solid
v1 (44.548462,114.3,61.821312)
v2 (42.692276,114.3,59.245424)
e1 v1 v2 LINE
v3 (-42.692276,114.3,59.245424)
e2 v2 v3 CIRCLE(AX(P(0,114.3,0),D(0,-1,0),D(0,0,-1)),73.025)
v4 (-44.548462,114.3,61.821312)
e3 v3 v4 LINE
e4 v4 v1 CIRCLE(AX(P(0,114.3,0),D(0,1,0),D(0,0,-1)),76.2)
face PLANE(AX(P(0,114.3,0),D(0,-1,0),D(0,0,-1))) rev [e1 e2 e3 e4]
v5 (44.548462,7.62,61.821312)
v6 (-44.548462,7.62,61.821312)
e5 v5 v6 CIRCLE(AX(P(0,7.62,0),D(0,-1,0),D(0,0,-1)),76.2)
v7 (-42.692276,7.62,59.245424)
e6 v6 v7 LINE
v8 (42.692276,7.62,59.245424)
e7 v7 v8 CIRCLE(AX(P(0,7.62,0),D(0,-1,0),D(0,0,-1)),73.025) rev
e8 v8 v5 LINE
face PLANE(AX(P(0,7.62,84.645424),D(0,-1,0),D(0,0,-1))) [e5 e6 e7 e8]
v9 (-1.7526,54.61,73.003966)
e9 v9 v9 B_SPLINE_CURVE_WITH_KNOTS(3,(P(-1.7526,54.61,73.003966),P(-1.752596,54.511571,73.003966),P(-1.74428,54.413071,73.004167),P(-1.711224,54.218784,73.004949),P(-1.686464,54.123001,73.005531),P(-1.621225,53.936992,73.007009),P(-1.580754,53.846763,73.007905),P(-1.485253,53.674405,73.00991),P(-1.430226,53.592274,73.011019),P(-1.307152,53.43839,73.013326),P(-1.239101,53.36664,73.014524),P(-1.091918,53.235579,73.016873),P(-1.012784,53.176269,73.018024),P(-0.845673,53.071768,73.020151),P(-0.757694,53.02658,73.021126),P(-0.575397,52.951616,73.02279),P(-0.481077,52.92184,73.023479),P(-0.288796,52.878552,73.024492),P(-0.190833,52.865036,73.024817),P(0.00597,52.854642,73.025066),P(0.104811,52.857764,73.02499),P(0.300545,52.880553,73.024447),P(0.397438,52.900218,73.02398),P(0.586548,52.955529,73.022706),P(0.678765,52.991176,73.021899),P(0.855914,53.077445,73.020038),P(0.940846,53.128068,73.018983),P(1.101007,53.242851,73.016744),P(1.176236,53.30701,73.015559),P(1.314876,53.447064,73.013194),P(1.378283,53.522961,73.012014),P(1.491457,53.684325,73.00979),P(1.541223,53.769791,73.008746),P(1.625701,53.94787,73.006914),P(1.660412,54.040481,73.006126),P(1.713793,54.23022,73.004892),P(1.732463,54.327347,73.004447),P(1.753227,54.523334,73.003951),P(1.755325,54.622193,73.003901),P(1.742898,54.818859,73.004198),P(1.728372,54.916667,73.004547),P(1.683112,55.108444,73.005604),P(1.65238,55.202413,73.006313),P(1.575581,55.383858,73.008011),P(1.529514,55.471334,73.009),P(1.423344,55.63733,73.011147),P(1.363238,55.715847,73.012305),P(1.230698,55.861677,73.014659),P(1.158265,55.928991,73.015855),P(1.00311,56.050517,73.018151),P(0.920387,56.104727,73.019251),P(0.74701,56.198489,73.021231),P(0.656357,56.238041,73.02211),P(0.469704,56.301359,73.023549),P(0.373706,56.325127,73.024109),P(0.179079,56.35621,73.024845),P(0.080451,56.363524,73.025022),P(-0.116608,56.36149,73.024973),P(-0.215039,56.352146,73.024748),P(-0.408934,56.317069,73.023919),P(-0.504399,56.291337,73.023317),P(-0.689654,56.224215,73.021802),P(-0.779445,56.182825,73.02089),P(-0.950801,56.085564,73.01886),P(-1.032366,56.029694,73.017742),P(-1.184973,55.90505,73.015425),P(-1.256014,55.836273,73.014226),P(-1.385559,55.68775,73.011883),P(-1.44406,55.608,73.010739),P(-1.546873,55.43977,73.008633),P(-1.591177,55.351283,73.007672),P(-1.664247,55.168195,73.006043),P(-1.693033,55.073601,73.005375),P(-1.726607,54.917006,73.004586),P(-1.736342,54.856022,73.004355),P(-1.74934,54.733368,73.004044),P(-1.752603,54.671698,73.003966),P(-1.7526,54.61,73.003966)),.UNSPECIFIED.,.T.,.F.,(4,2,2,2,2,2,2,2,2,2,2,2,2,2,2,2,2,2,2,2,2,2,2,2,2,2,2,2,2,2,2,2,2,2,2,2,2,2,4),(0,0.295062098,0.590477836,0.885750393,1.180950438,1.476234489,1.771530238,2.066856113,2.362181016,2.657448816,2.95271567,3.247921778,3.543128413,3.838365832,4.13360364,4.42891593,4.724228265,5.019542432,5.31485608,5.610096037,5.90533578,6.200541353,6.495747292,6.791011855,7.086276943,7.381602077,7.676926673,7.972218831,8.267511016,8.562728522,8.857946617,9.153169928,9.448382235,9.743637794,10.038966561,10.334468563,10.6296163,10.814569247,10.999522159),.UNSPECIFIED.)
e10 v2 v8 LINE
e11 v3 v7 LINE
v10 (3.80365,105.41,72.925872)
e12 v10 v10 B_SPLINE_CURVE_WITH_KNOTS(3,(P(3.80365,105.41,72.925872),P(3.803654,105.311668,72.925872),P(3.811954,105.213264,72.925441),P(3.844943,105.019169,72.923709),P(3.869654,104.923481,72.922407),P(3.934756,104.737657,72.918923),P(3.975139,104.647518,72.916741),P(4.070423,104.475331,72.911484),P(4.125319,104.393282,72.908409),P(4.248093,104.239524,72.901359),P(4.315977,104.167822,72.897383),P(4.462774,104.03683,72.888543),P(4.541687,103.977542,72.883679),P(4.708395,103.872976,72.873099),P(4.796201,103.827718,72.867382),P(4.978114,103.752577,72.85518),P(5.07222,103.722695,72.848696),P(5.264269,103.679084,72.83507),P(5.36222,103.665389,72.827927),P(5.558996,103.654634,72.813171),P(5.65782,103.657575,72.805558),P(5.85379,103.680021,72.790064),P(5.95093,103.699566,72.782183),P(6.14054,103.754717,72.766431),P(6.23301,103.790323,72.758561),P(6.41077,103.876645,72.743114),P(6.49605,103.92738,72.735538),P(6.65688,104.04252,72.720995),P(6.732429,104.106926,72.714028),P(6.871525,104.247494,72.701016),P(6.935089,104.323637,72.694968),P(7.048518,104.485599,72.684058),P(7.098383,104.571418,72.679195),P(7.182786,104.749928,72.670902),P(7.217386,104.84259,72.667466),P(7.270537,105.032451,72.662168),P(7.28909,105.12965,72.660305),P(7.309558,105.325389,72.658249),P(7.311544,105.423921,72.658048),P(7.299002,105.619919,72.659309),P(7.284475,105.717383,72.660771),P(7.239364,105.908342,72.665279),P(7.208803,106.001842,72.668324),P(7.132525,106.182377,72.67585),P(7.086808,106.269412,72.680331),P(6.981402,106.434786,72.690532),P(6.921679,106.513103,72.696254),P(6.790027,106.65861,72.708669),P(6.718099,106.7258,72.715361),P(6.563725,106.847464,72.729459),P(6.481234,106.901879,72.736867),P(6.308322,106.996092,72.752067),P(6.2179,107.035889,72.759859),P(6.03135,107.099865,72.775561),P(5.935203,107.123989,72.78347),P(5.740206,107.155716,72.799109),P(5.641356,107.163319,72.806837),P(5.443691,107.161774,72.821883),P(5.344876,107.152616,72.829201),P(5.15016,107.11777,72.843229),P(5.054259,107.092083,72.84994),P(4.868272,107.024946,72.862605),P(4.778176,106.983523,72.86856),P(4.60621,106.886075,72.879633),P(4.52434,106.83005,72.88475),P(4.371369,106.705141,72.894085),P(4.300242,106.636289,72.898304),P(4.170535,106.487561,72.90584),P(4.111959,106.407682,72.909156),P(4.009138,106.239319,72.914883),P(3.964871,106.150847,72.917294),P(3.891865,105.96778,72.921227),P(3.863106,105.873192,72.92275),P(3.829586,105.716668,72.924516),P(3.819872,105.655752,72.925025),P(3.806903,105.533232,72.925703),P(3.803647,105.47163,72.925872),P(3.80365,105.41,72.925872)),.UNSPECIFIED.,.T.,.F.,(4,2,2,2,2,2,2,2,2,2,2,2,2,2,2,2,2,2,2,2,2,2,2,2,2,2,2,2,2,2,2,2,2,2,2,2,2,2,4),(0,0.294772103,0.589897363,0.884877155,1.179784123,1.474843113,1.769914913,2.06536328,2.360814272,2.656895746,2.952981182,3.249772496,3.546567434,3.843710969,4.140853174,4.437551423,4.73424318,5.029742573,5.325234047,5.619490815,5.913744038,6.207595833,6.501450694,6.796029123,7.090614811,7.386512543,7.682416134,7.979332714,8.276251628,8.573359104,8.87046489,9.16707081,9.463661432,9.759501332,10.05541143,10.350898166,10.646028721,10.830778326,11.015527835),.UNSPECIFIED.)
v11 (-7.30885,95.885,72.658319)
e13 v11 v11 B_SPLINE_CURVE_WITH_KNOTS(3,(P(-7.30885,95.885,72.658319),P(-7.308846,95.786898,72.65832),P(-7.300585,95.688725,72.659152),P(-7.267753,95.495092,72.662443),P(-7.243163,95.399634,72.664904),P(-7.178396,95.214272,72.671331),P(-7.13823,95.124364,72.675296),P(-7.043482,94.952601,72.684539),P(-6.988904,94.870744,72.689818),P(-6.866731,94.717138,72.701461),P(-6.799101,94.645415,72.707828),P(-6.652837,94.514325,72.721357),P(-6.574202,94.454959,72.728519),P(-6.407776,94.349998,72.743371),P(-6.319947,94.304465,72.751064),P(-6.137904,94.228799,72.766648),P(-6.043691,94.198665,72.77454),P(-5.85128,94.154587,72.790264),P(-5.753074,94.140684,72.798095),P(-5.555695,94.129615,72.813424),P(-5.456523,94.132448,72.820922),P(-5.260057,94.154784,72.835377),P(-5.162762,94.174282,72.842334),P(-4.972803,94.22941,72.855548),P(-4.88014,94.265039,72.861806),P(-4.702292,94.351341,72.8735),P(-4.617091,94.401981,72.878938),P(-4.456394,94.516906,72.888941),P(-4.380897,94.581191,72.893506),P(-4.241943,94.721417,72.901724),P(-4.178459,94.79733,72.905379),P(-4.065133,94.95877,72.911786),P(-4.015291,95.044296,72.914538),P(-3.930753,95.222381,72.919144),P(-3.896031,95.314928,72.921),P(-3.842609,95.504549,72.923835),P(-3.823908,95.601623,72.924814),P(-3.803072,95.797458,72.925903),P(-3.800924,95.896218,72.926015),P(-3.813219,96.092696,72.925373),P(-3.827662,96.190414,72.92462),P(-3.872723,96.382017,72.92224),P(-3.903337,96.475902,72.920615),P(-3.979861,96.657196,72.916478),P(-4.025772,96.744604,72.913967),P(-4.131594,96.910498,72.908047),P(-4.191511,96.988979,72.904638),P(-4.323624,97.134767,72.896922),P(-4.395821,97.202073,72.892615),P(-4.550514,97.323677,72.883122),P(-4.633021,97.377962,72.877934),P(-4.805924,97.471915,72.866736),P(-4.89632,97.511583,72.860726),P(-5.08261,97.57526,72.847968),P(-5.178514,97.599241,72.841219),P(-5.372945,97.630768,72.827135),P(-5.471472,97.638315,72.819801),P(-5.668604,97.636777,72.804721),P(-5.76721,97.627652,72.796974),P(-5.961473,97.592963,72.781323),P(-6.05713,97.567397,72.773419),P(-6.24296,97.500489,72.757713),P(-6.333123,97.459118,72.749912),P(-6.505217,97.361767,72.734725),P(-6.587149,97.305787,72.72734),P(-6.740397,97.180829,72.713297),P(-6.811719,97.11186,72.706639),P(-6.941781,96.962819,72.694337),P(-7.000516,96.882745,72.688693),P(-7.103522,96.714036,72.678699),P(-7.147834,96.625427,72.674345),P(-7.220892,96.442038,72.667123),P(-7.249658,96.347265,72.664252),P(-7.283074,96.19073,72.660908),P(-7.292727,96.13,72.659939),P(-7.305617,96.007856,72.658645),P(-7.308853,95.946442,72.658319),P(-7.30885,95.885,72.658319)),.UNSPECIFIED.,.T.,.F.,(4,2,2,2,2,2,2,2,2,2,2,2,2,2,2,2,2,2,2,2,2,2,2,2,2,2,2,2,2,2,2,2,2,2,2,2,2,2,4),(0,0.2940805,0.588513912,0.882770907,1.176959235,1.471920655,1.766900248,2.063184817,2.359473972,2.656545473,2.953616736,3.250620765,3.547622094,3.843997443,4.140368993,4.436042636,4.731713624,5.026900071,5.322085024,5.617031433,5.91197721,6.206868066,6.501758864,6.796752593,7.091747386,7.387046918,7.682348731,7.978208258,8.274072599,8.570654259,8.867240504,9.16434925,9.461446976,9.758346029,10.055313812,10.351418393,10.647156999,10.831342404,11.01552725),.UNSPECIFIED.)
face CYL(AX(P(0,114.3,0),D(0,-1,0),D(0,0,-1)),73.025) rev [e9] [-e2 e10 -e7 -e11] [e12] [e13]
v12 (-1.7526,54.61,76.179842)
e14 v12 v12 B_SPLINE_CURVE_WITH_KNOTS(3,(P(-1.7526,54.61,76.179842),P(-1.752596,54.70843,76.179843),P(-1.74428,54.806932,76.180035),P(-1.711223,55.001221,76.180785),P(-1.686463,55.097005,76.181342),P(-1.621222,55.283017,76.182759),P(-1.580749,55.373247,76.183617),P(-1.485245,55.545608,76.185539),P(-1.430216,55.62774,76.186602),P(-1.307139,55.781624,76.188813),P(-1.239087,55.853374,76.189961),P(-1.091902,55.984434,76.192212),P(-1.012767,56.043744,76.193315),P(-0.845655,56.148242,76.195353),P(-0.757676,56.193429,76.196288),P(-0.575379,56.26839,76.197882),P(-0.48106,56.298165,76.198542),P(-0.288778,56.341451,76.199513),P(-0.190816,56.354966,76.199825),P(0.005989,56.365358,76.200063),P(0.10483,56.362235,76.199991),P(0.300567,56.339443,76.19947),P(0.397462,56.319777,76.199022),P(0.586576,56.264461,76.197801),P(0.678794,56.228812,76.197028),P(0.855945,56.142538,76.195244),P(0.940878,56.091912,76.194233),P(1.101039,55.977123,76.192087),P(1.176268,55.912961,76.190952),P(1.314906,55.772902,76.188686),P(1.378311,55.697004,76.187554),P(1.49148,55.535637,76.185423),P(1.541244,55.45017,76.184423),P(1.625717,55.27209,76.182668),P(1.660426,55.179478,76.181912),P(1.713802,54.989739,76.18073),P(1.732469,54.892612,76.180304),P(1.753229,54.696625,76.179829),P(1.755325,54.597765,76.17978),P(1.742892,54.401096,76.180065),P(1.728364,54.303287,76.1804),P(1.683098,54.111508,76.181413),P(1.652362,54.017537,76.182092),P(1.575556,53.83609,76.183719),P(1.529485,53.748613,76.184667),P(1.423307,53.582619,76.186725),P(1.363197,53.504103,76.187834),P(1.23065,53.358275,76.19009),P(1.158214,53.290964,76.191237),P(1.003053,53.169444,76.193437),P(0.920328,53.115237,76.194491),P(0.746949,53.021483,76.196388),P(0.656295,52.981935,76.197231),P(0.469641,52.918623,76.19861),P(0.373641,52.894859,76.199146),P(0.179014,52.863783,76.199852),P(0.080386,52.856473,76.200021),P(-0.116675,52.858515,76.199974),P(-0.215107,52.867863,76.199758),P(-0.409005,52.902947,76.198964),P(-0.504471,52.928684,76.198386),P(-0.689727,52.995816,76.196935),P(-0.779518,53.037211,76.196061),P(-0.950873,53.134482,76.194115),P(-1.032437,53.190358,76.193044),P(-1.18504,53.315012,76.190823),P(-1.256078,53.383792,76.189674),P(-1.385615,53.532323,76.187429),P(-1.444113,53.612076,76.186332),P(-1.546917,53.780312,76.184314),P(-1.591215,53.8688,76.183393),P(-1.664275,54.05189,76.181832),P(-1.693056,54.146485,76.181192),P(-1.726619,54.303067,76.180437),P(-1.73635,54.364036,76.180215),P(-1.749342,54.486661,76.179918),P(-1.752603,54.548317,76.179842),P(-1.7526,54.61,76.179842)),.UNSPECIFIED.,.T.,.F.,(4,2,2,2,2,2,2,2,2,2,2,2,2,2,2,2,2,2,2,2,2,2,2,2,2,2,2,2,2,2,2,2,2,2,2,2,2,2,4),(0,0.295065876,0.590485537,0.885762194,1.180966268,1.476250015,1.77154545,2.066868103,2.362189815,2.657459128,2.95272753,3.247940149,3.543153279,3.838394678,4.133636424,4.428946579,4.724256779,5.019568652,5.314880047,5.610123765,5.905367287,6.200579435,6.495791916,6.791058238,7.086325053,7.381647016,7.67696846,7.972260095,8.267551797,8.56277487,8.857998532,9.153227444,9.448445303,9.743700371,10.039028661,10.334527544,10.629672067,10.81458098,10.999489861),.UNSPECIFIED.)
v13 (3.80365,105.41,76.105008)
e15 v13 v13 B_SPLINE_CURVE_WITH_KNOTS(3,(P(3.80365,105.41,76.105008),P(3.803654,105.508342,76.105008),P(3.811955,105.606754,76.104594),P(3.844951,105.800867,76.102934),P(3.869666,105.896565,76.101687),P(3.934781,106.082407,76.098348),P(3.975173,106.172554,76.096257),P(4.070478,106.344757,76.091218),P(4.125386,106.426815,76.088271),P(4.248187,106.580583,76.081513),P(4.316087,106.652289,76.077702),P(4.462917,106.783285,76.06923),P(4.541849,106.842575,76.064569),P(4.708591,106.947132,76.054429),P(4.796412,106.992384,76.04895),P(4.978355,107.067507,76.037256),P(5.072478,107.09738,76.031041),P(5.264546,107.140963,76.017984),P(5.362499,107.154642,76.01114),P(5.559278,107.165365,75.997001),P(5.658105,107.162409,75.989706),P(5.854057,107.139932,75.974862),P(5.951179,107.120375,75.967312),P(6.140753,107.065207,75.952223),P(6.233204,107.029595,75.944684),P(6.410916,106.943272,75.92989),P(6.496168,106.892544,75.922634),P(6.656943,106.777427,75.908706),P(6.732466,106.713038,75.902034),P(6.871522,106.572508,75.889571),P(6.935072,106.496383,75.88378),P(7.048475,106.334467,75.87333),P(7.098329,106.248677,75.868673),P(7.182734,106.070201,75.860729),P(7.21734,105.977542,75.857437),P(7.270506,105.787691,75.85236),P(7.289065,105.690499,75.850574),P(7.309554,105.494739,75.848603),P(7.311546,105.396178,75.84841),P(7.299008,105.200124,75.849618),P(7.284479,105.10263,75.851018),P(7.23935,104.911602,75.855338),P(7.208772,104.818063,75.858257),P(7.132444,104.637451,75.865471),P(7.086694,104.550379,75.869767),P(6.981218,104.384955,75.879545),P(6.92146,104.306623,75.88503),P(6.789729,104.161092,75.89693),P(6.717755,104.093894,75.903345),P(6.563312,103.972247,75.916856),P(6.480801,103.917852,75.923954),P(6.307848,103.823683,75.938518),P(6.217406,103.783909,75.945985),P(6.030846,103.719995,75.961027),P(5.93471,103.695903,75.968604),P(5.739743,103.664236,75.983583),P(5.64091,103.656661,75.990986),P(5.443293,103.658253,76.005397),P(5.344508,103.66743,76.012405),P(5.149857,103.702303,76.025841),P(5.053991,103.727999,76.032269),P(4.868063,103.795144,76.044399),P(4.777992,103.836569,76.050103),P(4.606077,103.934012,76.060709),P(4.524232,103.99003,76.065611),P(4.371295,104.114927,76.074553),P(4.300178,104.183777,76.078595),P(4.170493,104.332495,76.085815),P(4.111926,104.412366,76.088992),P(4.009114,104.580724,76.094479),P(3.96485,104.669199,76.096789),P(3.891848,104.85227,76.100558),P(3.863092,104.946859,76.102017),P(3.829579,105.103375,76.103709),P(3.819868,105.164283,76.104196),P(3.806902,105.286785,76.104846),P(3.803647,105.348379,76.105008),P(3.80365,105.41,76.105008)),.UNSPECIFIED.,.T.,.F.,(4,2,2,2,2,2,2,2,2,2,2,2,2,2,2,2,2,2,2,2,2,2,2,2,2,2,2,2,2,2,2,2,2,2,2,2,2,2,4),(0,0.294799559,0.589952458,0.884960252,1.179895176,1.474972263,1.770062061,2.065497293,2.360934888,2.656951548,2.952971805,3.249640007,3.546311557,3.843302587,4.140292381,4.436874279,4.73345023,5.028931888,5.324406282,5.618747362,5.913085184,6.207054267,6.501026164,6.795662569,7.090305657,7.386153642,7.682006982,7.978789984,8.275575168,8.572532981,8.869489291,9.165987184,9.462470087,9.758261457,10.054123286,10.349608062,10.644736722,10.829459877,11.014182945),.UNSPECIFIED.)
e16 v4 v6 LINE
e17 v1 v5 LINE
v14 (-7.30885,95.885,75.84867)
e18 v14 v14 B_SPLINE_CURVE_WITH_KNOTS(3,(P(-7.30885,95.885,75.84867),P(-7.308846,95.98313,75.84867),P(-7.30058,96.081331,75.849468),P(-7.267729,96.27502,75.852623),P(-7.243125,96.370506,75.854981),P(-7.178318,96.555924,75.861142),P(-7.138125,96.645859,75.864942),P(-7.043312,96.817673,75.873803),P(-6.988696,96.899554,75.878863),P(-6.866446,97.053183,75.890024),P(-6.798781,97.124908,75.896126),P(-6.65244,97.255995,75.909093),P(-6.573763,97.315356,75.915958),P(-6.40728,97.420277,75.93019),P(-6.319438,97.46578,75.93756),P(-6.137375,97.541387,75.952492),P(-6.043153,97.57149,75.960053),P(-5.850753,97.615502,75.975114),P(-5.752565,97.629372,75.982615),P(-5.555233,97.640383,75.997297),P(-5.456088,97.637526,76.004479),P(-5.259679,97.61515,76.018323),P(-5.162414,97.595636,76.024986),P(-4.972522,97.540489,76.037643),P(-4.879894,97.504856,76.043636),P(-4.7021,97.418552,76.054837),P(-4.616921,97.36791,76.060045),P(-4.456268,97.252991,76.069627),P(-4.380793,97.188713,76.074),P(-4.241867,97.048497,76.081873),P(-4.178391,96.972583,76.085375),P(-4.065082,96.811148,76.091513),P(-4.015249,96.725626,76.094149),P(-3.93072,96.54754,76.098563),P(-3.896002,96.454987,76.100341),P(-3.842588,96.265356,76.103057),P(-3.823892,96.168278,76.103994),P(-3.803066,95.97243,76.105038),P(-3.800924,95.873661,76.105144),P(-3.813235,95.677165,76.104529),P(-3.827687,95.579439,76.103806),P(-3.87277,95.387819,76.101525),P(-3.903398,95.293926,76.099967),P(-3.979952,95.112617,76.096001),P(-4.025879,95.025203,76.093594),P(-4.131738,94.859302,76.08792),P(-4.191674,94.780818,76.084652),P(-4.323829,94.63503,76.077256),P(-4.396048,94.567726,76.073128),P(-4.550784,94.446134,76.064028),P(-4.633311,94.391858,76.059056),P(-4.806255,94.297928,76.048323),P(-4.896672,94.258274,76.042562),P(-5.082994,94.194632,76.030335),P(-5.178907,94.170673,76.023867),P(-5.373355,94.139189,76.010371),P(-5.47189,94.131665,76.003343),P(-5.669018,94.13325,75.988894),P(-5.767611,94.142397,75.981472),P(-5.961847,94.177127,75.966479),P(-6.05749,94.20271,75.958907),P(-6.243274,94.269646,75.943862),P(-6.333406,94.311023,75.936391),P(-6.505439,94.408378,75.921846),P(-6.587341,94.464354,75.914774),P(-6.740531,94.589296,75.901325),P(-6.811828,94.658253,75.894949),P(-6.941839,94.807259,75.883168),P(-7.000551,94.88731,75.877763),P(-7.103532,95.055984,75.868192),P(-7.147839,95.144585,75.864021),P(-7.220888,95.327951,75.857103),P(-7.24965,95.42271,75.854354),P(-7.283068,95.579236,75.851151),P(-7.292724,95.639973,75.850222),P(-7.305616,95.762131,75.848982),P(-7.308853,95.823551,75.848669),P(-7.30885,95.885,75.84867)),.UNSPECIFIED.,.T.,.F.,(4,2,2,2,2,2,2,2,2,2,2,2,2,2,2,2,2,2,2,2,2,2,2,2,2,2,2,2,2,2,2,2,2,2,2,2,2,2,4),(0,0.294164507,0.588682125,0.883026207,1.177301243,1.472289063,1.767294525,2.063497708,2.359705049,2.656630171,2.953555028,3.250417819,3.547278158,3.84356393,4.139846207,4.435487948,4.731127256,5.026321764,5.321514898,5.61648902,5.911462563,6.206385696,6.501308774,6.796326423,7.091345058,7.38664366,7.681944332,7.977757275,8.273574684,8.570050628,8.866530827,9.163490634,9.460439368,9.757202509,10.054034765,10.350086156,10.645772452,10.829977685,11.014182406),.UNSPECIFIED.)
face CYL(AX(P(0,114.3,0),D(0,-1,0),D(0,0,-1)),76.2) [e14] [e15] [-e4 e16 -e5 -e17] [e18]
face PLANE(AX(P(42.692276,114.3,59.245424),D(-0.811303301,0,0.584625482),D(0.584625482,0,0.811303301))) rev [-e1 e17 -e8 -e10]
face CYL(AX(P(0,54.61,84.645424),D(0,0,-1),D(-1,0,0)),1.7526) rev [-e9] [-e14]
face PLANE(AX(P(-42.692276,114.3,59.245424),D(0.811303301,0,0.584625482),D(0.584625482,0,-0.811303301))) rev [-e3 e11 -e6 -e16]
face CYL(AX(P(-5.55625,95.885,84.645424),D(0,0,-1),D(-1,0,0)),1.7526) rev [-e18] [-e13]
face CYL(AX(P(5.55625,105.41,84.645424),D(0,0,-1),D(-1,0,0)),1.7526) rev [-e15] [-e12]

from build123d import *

# Parameters (mm, degrees)
BOSS_EXTRUDE1_DEPTH = 114.3
SKETCH2_R           = 1.7526
CUT_EXTRUDE1_DEPTH  = 25.4
SKETCH3_W           = 89.096923456
SKETCH3_H           = 11.672787919
CUT_EXTRUDE2_DEPTH  = 25.4


with BuildPart() as part:
    # Sketch1 → Boss-Extrude1 (new body)
    with BuildSketch(Plane(origin=(0, 0, 0), x_dir=(1, 0, 0), z_dir=(0, 1, 0))):
        with BuildLine():
            Line((-42.692275823, -59.245423537), (-44.548461728, -61.821311517))
            ThreePointArc((-44.548461728, -61.821311517), (0, -76.2), (44.548461728, -61.821311517))
            Line((44.548461728, -61.821311517), (42.692275823, -59.245423537))
            ThreePointArc((42.692275823, -59.245423537), (0, -73.025), (-42.692275823, -59.245423537))
        make_face()
    extrude(amount=BOSS_EXTRUDE1_DEPTH)

    # Sketch2 → Cut-Extrude1 (cut)
    with BuildSketch(Plane(origin=(0, 0, 59.245423537), x_dir=(-1, 0, 0), z_dir=(0, 0, -1))):
        with Locations((0, 54.61)):
            Circle(SKETCH2_R)
        with Locations((-5.55625, 105.41)):
            Circle(SKETCH2_R)
        with Locations((5.55625, 95.885)):
            Circle(SKETCH2_R)
    extrude(amount=-CUT_EXTRUDE1_DEPTH, mode=Mode.SUBTRACT)

    # Sketch3 → Cut-Extrude2 (cut)
    with BuildSketch(Plane(origin=(0, 0, 59.245423537), x_dir=(-1, 0, 0), z_dir=(0, 0, -1))):
        with Locations((0, 1.783606041)):
            Rectangle(SKETCH3_W, SKETCH3_H)
    extrude(amount=-CUT_EXTRUDE2_DEPTH, mode=Mode.SUBTRACT)


solid = part.part
